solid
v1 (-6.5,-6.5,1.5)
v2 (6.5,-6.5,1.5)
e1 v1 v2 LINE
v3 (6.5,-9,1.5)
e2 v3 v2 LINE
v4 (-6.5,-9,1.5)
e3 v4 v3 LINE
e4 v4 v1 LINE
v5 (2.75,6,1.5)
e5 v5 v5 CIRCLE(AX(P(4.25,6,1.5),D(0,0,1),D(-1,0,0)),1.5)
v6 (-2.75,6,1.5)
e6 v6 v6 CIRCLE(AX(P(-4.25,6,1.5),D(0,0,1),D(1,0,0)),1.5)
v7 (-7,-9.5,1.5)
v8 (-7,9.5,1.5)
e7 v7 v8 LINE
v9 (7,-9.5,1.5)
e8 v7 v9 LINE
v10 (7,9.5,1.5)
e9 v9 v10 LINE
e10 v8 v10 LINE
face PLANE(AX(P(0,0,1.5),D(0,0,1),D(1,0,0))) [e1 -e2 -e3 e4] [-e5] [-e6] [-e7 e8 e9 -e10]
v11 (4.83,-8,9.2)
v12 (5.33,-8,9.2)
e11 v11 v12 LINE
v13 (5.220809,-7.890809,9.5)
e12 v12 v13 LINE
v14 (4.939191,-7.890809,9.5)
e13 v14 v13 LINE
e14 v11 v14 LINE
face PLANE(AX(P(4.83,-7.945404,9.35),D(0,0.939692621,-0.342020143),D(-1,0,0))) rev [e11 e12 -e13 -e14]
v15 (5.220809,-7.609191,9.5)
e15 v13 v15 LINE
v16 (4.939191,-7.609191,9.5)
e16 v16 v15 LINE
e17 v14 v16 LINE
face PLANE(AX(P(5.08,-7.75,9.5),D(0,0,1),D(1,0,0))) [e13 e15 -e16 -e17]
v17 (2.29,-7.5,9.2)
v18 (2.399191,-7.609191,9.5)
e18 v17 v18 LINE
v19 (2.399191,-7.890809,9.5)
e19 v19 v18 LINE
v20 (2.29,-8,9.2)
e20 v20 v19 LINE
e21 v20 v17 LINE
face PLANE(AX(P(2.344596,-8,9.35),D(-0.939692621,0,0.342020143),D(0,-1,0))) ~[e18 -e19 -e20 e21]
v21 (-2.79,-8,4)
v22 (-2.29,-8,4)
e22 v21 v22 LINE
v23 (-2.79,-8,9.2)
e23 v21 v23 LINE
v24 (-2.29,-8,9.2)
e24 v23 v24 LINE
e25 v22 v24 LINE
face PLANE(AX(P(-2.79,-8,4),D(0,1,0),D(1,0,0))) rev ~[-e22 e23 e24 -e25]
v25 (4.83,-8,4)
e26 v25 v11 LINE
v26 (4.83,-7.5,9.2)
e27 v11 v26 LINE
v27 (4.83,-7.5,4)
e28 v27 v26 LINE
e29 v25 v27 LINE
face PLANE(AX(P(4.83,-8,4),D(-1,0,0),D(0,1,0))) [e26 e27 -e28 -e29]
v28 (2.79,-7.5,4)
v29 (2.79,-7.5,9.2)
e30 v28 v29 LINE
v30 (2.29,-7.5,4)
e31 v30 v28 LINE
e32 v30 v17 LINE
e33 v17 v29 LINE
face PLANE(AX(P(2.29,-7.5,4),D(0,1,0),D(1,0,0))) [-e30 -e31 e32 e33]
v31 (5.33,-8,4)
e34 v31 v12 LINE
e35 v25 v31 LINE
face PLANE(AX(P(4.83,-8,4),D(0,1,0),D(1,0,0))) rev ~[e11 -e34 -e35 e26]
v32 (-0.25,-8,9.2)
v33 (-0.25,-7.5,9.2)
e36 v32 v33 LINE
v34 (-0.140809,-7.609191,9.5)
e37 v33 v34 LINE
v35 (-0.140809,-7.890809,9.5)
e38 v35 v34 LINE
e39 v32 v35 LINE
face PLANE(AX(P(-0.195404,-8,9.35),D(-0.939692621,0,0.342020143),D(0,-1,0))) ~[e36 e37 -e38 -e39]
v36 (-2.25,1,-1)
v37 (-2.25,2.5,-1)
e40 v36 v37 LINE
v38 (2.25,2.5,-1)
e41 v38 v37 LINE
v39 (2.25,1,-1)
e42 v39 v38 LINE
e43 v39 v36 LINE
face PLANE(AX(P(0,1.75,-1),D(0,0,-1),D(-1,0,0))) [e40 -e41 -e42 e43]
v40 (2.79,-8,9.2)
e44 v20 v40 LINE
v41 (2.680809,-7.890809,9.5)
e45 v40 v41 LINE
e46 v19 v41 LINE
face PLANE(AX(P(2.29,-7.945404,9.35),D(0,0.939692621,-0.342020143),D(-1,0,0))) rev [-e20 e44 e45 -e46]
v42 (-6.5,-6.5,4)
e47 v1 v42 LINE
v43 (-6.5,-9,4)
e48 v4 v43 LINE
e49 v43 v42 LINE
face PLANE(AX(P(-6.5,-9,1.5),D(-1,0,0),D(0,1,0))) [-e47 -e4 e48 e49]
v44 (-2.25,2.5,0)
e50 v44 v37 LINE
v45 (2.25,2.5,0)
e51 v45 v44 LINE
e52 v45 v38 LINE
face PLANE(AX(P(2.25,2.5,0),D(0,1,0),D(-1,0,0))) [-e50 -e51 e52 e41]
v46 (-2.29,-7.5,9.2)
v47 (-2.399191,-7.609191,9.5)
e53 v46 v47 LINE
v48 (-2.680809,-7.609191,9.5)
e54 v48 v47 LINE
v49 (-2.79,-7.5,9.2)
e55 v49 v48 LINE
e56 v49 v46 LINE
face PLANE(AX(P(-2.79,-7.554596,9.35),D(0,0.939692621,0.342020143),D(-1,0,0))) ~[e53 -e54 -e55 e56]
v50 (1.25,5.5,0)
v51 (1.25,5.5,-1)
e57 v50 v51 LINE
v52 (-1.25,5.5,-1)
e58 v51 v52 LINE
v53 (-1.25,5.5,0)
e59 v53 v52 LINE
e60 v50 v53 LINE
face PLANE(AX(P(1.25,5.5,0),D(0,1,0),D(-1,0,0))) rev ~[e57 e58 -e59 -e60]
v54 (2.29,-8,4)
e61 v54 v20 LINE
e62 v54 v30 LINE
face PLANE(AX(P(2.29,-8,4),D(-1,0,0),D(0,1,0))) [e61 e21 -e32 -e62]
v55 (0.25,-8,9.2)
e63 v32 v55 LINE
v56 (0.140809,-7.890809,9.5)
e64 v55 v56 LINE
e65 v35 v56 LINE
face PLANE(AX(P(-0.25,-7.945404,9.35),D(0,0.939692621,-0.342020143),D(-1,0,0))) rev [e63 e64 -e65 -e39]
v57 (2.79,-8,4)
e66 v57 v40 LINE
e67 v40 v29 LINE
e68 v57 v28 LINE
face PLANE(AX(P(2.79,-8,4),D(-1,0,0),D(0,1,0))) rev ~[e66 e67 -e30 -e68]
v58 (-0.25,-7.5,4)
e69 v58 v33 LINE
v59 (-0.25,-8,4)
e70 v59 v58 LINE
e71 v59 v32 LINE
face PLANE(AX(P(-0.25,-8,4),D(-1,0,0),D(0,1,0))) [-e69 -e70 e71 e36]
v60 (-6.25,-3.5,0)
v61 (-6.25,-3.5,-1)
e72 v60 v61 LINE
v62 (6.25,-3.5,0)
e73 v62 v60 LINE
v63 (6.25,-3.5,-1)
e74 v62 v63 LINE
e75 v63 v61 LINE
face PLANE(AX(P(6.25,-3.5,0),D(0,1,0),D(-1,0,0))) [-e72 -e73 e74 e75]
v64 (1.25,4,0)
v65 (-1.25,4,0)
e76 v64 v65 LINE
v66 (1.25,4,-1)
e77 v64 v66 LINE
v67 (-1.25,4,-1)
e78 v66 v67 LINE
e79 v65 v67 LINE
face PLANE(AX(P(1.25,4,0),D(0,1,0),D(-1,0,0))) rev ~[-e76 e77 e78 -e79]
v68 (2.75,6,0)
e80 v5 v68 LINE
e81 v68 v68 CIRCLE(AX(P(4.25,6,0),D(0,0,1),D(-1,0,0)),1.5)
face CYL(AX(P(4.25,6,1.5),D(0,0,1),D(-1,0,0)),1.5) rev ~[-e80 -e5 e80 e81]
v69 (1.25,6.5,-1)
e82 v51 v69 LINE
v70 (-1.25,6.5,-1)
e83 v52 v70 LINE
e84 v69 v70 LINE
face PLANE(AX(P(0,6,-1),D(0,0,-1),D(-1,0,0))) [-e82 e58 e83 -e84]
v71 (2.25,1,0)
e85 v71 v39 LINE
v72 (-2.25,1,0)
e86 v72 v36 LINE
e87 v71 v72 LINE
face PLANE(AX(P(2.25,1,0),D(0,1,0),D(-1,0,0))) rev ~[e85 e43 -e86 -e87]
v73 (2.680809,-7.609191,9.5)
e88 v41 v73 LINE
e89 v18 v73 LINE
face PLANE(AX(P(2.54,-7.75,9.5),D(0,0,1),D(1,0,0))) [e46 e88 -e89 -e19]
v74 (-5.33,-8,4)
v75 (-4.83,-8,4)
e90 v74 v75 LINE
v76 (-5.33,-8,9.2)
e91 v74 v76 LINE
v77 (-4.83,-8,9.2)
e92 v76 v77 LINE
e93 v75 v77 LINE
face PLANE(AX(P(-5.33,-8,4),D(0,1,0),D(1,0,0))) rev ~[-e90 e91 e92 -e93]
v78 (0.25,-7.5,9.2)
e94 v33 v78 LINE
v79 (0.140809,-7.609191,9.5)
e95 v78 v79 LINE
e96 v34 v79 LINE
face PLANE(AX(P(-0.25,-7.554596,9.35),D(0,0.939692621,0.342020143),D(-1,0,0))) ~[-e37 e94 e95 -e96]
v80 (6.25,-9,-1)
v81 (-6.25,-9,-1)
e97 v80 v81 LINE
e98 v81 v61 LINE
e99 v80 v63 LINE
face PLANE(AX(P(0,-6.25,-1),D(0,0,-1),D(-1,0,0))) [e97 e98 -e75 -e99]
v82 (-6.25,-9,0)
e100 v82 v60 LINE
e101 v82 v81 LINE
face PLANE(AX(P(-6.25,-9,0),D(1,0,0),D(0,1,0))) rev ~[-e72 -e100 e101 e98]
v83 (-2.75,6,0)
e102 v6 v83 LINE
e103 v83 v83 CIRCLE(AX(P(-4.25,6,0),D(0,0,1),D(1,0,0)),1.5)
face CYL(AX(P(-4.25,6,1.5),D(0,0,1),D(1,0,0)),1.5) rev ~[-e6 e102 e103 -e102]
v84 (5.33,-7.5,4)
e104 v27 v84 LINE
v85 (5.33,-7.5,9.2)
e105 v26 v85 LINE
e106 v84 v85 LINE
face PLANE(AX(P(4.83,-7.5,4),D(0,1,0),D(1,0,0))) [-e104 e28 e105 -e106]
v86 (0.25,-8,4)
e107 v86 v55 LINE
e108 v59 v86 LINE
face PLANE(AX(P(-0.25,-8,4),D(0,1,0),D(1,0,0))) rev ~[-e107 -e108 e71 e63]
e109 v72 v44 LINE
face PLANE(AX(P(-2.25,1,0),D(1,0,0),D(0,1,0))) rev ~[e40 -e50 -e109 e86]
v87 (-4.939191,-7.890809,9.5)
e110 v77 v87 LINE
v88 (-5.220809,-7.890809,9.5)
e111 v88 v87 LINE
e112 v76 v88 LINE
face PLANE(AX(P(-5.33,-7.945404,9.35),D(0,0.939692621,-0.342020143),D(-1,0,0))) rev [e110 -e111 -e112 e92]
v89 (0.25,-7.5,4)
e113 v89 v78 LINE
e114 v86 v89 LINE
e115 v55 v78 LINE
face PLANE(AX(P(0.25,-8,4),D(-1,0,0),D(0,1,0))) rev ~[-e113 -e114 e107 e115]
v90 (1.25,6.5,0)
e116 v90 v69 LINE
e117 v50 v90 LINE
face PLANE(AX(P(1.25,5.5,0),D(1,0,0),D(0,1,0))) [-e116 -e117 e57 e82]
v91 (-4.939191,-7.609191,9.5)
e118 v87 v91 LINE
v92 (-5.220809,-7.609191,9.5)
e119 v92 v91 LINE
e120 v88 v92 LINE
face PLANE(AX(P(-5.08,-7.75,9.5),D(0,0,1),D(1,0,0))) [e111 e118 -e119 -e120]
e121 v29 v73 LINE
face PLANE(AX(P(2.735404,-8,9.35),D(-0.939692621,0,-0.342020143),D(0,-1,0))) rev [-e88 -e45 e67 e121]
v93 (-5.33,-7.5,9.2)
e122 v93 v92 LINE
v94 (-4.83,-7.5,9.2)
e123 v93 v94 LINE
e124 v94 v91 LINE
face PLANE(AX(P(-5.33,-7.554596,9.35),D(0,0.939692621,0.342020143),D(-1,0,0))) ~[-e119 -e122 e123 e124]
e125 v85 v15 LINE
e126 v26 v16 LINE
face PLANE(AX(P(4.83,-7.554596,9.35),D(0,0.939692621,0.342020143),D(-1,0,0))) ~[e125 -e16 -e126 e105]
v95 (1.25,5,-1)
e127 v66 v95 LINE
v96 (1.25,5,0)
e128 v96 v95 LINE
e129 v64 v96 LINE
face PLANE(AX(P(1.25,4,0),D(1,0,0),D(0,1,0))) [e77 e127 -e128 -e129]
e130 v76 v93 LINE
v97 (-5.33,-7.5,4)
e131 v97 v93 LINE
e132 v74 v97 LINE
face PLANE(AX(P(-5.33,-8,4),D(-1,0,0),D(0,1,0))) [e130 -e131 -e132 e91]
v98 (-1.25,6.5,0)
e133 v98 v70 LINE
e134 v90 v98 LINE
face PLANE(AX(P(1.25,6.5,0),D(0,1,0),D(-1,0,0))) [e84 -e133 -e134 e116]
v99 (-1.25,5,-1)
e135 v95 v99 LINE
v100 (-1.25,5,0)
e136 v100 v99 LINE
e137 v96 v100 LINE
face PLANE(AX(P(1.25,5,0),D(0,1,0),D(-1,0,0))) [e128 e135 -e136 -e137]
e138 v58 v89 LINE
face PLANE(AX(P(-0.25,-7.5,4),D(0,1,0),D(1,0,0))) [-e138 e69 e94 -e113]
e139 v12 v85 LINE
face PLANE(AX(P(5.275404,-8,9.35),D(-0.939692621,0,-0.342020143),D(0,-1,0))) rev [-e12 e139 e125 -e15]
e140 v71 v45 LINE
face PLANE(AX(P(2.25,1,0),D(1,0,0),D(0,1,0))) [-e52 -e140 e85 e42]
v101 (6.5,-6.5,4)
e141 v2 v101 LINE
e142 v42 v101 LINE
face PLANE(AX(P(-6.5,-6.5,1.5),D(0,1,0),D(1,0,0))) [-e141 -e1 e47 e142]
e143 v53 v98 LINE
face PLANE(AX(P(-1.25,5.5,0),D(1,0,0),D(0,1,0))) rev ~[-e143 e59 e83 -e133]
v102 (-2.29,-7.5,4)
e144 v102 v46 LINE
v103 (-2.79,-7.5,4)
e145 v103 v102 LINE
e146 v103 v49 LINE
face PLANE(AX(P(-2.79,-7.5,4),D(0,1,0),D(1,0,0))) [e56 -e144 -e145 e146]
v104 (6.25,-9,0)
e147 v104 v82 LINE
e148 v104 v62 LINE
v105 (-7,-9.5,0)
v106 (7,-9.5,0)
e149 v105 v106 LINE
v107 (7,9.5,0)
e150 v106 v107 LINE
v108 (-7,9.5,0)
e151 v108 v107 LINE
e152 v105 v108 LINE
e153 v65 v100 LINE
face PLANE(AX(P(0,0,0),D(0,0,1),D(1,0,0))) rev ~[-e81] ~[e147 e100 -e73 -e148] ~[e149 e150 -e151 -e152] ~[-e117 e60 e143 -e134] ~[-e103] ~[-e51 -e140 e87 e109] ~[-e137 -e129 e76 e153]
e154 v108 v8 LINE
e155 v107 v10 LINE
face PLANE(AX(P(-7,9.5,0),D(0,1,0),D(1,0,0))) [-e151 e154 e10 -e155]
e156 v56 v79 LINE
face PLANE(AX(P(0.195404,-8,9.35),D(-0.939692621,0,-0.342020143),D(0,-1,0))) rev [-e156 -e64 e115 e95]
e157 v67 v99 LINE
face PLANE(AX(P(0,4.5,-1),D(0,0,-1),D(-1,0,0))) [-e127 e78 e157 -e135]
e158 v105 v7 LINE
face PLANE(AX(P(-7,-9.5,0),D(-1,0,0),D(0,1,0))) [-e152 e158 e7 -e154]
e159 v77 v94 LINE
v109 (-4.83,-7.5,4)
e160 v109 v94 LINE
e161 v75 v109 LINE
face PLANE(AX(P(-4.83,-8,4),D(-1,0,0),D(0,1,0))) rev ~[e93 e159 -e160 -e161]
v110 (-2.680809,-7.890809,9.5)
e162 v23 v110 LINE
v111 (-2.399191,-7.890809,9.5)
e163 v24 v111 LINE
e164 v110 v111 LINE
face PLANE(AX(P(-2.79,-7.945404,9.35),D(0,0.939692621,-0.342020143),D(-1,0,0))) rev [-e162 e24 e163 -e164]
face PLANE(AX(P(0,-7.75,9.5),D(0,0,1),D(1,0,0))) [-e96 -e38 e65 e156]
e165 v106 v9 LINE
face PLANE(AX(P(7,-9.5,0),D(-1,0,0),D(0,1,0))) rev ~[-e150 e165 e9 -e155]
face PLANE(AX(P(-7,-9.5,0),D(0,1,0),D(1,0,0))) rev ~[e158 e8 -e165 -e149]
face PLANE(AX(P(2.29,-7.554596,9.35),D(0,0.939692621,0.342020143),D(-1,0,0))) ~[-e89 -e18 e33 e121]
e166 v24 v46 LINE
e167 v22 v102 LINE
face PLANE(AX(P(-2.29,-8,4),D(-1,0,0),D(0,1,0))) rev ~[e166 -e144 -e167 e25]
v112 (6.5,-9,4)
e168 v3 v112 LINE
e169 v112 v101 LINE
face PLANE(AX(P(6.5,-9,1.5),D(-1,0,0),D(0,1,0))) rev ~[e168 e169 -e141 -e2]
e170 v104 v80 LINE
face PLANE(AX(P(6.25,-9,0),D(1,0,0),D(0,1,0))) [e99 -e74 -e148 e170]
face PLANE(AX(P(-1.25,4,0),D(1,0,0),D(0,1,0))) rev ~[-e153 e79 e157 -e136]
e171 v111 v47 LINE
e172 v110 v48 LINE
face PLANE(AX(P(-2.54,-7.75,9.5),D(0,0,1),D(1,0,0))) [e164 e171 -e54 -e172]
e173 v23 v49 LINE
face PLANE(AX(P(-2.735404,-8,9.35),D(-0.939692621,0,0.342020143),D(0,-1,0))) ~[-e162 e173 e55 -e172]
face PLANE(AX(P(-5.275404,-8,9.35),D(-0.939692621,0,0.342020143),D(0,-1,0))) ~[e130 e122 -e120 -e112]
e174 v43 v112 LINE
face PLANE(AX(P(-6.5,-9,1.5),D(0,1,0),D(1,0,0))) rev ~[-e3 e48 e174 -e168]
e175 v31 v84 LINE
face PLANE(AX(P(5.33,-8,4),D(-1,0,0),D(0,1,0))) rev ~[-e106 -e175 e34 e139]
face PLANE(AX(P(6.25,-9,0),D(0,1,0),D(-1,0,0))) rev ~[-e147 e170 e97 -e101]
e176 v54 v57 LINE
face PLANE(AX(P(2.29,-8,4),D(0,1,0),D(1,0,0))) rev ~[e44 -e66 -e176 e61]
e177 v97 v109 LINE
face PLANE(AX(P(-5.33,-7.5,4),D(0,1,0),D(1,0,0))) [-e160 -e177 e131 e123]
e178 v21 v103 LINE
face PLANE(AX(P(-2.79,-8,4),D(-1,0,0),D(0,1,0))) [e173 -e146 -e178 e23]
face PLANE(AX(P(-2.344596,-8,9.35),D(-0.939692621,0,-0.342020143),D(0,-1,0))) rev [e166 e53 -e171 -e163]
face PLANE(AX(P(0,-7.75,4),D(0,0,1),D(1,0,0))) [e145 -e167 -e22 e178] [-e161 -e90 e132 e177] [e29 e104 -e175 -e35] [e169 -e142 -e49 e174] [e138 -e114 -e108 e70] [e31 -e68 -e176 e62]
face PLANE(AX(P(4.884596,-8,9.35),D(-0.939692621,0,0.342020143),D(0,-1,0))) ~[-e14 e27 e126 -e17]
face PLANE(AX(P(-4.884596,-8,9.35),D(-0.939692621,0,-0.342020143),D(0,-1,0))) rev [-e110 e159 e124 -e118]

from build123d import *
from OCP.BRepFilletAPI import BRepFilletAPI_MakeChamfer

# Parameters (mm, degrees)
SKETCH2_W                     = 14
SKETCH2_H                     = 19
BOSS_EXTRUDE1_DEPTH           = 1.5
SKETCH3_R                     = 1.5
CUT_EXTRUDE1_DEPTH            = 12.895377253
SKETCH4_W                     = 13
SKETCH4_H                     = 2.5
BOSS_EXTRUDE2_DEPTH           = 2.5
SKETCH5_W                     = 0.5
SKETCH5_H                     = 0.5
BOSS_EXTRUDE3_DEPTH           = 5.5
CHAMFER1_SIZE                 = 0.3
CHAMFER1_SIZE2                = 0.10919107
SKETCH6_W                     = 12.5
SKETCH6_H                     = 5.5
SKETCH6_W_2                   = 4.5
SKETCH6_H_2                   = 1.5
SKETCH6_W_3                   = 2.5
SKETCH6_H_3                   = 1
KOPONENTTIEN_TILAVARAUS_DEPTH = 1


with BuildPart() as part:
    # Sketch2 → Boss-Extrude1 (new body)
    with BuildSketch(Plane.XY):
        Rectangle(SKETCH2_W, SKETCH2_H)
    extrude(amount=BOSS_EXTRUDE1_DEPTH)

    # Sketch3 → Cut-Extrude1 (cut, through all)
    with BuildSketch(Plane.XY.offset(1.5)):
        with Locations((-4.25, 6)):
            Circle(SKETCH3_R)
        with Locations(Location((4.25, 6, 0), (0, 0, 180))):
            Circle(SKETCH3_R)
    extrude(amount=-CUT_EXTRUDE1_DEPTH, mode=Mode.SUBTRACT)

    # Sketch4 → Boss-Extrude2 (add)
    with BuildSketch(Plane.XY.offset(1.5)):
        with Locations((0, -7.75)):
            Rectangle(SKETCH4_W, SKETCH4_H)
    extrude(amount=BOSS_EXTRUDE2_DEPTH)

    # Sketch5 → Boss-Extrude3 (add)
    with BuildSketch(Plane.XY.offset(4)):
        with Locations((-5.08, -7.75)):
            Rectangle(SKETCH5_W, SKETCH5_H)
        with Locations((-2.54, -7.75)):
            Rectangle(SKETCH5_W, SKETCH5_H)
        with Locations((0, -7.75)):
            Rectangle(SKETCH5_W, SKETCH5_H)
        with Locations((2.54, -7.75)):
            Rectangle(SKETCH5_W, SKETCH5_H)
        with Locations((5.08, -7.75)):
            Rectangle(SKETCH5_W, SKETCH5_H)
    extrude(amount=BOSS_EXTRUDE3_DEPTH)

    # Chamfer1: one chamfer whose edges measure the first distance from different faces: ONE call of the kernel's chamfer builder (chamfer() names one face for all edges)
    chamfer1_edges_1 = [part.edges().sort_by_distance(p)[0] for p in [
        (-4.83, -7.75, 9.5),
    ]]
    chamfer1_side_1 = [part.faces().sort_by_distance(p)[0] for p in [
        (-4.83, -7.75, 6.75),
    ]]
    chamfer1_edges_2 = [part.edges().sort_by_distance(p)[0] for p in [
        (-5.08, -7.5, 9.5),
    ]]
    chamfer1_side_2 = [part.faces().sort_by_distance(p)[0] for p in [
        (-5.08, -7.5, 6.75),
    ]]
    chamfer1_edges_3 = [part.edges().sort_by_distance(p)[0] for p in [
        (-5.33, -7.75, 9.5),
    ]]
    chamfer1_side_3 = [part.faces().sort_by_distance(p)[0] for p in [
        (-5.33, -7.75, 6.75),
    ]]
    chamfer1_edges_4 = [part.edges().sort_by_distance(p)[0] for p in [
        (-5.08, -8, 9.5),
    ]]
    chamfer1_side_4 = [part.faces().sort_by_distance(p)[0] for p in [
        (-5.08, -8, 6.75),
    ]]
    chamfer1_edges_5 = [part.edges().sort_by_distance(p)[0] for p in [
        (-2.29, -7.75, 9.5),
    ]]
    chamfer1_side_5 = [part.faces().sort_by_distance(p)[0] for p in [
        (-2.29, -7.75, 6.75),
    ]]
    chamfer1_edges_6 = [part.edges().sort_by_distance(p)[0] for p in [
        (-2.54, -7.5, 9.5),
    ]]
    chamfer1_side_6 = [part.faces().sort_by_distance(p)[0] for p in [
        (-2.54, -7.5, 6.75),
    ]]
    chamfer1_edges_7 = [part.edges().sort_by_distance(p)[0] for p in [
        (-2.79, -7.75, 9.5),
    ]]
    chamfer1_side_7 = [part.faces().sort_by_distance(p)[0] for p in [
        (-2.79, -7.75, 6.75),
    ]]
    chamfer1_edges_8 = [part.edges().sort_by_distance(p)[0] for p in [
        (-2.54, -8, 9.5),
    ]]
    chamfer1_side_8 = [part.faces().sort_by_distance(p)[0] for p in [
        (-2.54, -8, 6.75),
    ]]
    chamfer1_edges_9 = [part.edges().sort_by_distance(p)[0] for p in [
        (0.25, -7.75, 9.5),
    ]]
    chamfer1_side_9 = [part.faces().sort_by_distance(p)[0] for p in [
        (0.25, -7.75, 6.75),
    ]]
    chamfer1_edges_10 = [part.edges().sort_by_distance(p)[0] for p in [
        (0, -7.5, 9.5),
    ]]
    chamfer1_side_10 = [part.faces().sort_by_distance(p)[0] for p in [
        (0, -7.5, 6.75),
    ]]
    chamfer1_edges_11 = [part.edges().sort_by_distance(p)[0] for p in [
        (-0.25, -7.75, 9.5),
    ]]
    chamfer1_side_11 = [part.faces().sort_by_distance(p)[0] for p in [
        (-0.25, -7.75, 6.75),
    ]]
    chamfer1_edges_12 = [part.edges().sort_by_distance(p)[0] for p in [
        (0, -8, 9.5),
    ]]
    chamfer1_side_12 = [part.faces().sort_by_distance(p)[0] for p in [
        (0, -8, 6.75),
    ]]
    chamfer1_edges_13 = [part.edges().sort_by_distance(p)[0] for p in [
        (2.79, -7.75, 9.5),
    ]]
    chamfer1_side_13 = [part.faces().sort_by_distance(p)[0] for p in [
        (2.79, -7.75, 6.75),
    ]]
    chamfer1_edges_14 = [part.edges().sort_by_distance(p)[0] for p in [
        (2.54, -7.5, 9.5),
    ]]
    chamfer1_side_14 = [part.faces().sort_by_distance(p)[0] for p in [
        (2.54, -7.5, 6.75),
    ]]
    chamfer1_edges_15 = [part.edges().sort_by_distance(p)[0] for p in [
        (2.29, -7.75, 9.5),
    ]]
    chamfer1_side_15 = [part.faces().sort_by_distance(p)[0] for p in [
        (2.29, -7.75, 6.75),
    ]]
    chamfer1_edges_16 = [part.edges().sort_by_distance(p)[0] for p in [
        (2.54, -8, 9.5),
    ]]
    chamfer1_side_16 = [part.faces().sort_by_distance(p)[0] for p in [
        (2.54, -8, 6.75),
    ]]
    chamfer1_edges_17 = [part.edges().sort_by_distance(p)[0] for p in [
        (5.33, -7.75, 9.5),
    ]]
    chamfer1_side_17 = [part.faces().sort_by_distance(p)[0] for p in [
        (5.33, -7.75, 6.75),
    ]]
    chamfer1_edges_18 = [part.edges().sort_by_distance(p)[0] for p in [
        (5.08, -7.5, 9.5),
    ]]
    chamfer1_side_18 = [part.faces().sort_by_distance(p)[0] for p in [
        (5.08, -7.5, 6.75),
    ]]
    chamfer1_edges_19 = [part.edges().sort_by_distance(p)[0] for p in [
        (4.83, -7.75, 9.5),
    ]]
    chamfer1_side_19 = [part.faces().sort_by_distance(p)[0] for p in [
        (4.83, -7.75, 6.75),
    ]]
    chamfer1_edges_20 = [part.edges().sort_by_distance(p)[0] for p in [
        (5.08, -8, 9.5),
    ]]
    chamfer1_side_20 = [part.faces().sort_by_distance(p)[0] for p in [
        (5.08, -8, 6.75),
    ]]
    chamfer1 = BRepFilletAPI_MakeChamfer(part.part.solid().wrapped)
    for e in chamfer1_edges_1:
        chamfer1.Add(CHAMFER1_SIZE, CHAMFER1_SIZE2, e.wrapped, chamfer1_side_1[0].wrapped)  # the first distance lies on this face
    for e in chamfer1_edges_2:
        chamfer1.Add(CHAMFER1_SIZE, CHAMFER1_SIZE2, e.wrapped, chamfer1_side_2[0].wrapped)  # the first distance lies on this face
    for e in chamfer1_edges_3:
        chamfer1.Add(CHAMFER1_SIZE, CHAMFER1_SIZE2, e.wrapped, chamfer1_side_3[0].wrapped)  # the first distance lies on this face
    for e in chamfer1_edges_4:
        chamfer1.Add(CHAMFER1_SIZE, CHAMFER1_SIZE2, e.wrapped, chamfer1_side_4[0].wrapped)  # the first distance lies on this face
    for e in chamfer1_edges_5:
        chamfer1.Add(CHAMFER1_SIZE, CHAMFER1_SIZE2, e.wrapped, chamfer1_side_5[0].wrapped)  # the first distance lies on this face
    for e in chamfer1_edges_6:
        chamfer1.Add(CHAMFER1_SIZE, CHAMFER1_SIZE2, e.wrapped, chamfer1_side_6[0].wrapped)  # the first distance lies on this face
    for e in chamfer1_edges_7:
        chamfer1.Add(CHAMFER1_SIZE, CHAMFER1_SIZE2, e.wrapped, chamfer1_side_7[0].wrapped)  # the first distance lies on this face
    for e in chamfer1_edges_8:
        chamfer1.Add(CHAMFER1_SIZE, CHAMFER1_SIZE2, e.wrapped, chamfer1_side_8[0].wrapped)  # the first distance lies on this face
    for e in chamfer1_edges_9:
        chamfer1.Add(CHAMFER1_SIZE, CHAMFER1_SIZE2, e.wrapped, chamfer1_side_9[0].wrapped)  # the first distance lies on this face
    for e in chamfer1_edges_10:
        chamfer1.Add(CHAMFER1_SIZE, CHAMFER1_SIZE2, e.wrapped, chamfer1_side_10[0].wrapped)  # the first distance lies on this face
    for e in chamfer1_edges_11:
        chamfer1.Add(CHAMFER1_SIZE, CHAMFER1_SIZE2, e.wrapped, chamfer1_side_11[0].wrapped)  # the first distance lies on this face
    for e in chamfer1_edges_12:
        chamfer1.Add(CHAMFER1_SIZE, CHAMFER1_SIZE2, e.wrapped, chamfer1_side_12[0].wrapped)  # the first distance lies on this face
    for e in chamfer1_edges_13:
        chamfer1.Add(CHAMFER1_SIZE, CHAMFER1_SIZE2, e.wrapped, chamfer1_side_13[0].wrapped)  # the first distance lies on this face
    for e in chamfer1_edges_14:
        chamfer1.Add(CHAMFER1_SIZE, CHAMFER1_SIZE2, e.wrapped, chamfer1_side_14[0].wrapped)  # the first distance lies on this face
    for e in chamfer1_edges_15:
        chamfer1.Add(CHAMFER1_SIZE, CHAMFER1_SIZE2, e.wrapped, chamfer1_side_15[0].wrapped)  # the first distance lies on this face
    for e in chamfer1_edges_16:
        chamfer1.Add(CHAMFER1_SIZE, CHAMFER1_SIZE2, e.wrapped, chamfer1_side_16[0].wrapped)  # the first distance lies on this face
    for e in chamfer1_edges_17:
        chamfer1.Add(CHAMFER1_SIZE, CHAMFER1_SIZE2, e.wrapped, chamfer1_side_17[0].wrapped)  # the first distance lies on this face
    for e in chamfer1_edges_18:
        chamfer1.Add(CHAMFER1_SIZE, CHAMFER1_SIZE2, e.wrapped, chamfer1_side_18[0].wrapped)  # the first distance lies on this face
    for e in chamfer1_edges_19:
        chamfer1.Add(CHAMFER1_SIZE, CHAMFER1_SIZE2, e.wrapped, chamfer1_side_19[0].wrapped)  # the first distance lies on this face
    for e in chamfer1_edges_20:
        chamfer1.Add(CHAMFER1_SIZE, CHAMFER1_SIZE2, e.wrapped, chamfer1_side_20[0].wrapped)  # the first distance lies on this face
    add(Compound.cast(chamfer1.Shape()), mode=Mode.REPLACE)

    # Sketch6 → Koponenttien tilavaraus (add)
    with BuildSketch(Plane(origin=(0, 0, 0), x_dir=(-1, 0, 0), z_dir=(0, 0, -1))):
        with Locations((0, -6.25)):
            Rectangle(SKETCH6_W, SKETCH6_H)
        with Locations((0, 1.75)):
            Rectangle(SKETCH6_W_2, SKETCH6_H_2)
        with Locations((0, 6)):
            Rectangle(SKETCH6_W_3, SKETCH6_H_3)
        with Locations((0, 4.5)):
            Rectangle(SKETCH6_W_3, SKETCH6_H_3)
    extrude(amount=KOPONENTTIEN_TILAVARAUS_DEPTH)


solid = part.part
